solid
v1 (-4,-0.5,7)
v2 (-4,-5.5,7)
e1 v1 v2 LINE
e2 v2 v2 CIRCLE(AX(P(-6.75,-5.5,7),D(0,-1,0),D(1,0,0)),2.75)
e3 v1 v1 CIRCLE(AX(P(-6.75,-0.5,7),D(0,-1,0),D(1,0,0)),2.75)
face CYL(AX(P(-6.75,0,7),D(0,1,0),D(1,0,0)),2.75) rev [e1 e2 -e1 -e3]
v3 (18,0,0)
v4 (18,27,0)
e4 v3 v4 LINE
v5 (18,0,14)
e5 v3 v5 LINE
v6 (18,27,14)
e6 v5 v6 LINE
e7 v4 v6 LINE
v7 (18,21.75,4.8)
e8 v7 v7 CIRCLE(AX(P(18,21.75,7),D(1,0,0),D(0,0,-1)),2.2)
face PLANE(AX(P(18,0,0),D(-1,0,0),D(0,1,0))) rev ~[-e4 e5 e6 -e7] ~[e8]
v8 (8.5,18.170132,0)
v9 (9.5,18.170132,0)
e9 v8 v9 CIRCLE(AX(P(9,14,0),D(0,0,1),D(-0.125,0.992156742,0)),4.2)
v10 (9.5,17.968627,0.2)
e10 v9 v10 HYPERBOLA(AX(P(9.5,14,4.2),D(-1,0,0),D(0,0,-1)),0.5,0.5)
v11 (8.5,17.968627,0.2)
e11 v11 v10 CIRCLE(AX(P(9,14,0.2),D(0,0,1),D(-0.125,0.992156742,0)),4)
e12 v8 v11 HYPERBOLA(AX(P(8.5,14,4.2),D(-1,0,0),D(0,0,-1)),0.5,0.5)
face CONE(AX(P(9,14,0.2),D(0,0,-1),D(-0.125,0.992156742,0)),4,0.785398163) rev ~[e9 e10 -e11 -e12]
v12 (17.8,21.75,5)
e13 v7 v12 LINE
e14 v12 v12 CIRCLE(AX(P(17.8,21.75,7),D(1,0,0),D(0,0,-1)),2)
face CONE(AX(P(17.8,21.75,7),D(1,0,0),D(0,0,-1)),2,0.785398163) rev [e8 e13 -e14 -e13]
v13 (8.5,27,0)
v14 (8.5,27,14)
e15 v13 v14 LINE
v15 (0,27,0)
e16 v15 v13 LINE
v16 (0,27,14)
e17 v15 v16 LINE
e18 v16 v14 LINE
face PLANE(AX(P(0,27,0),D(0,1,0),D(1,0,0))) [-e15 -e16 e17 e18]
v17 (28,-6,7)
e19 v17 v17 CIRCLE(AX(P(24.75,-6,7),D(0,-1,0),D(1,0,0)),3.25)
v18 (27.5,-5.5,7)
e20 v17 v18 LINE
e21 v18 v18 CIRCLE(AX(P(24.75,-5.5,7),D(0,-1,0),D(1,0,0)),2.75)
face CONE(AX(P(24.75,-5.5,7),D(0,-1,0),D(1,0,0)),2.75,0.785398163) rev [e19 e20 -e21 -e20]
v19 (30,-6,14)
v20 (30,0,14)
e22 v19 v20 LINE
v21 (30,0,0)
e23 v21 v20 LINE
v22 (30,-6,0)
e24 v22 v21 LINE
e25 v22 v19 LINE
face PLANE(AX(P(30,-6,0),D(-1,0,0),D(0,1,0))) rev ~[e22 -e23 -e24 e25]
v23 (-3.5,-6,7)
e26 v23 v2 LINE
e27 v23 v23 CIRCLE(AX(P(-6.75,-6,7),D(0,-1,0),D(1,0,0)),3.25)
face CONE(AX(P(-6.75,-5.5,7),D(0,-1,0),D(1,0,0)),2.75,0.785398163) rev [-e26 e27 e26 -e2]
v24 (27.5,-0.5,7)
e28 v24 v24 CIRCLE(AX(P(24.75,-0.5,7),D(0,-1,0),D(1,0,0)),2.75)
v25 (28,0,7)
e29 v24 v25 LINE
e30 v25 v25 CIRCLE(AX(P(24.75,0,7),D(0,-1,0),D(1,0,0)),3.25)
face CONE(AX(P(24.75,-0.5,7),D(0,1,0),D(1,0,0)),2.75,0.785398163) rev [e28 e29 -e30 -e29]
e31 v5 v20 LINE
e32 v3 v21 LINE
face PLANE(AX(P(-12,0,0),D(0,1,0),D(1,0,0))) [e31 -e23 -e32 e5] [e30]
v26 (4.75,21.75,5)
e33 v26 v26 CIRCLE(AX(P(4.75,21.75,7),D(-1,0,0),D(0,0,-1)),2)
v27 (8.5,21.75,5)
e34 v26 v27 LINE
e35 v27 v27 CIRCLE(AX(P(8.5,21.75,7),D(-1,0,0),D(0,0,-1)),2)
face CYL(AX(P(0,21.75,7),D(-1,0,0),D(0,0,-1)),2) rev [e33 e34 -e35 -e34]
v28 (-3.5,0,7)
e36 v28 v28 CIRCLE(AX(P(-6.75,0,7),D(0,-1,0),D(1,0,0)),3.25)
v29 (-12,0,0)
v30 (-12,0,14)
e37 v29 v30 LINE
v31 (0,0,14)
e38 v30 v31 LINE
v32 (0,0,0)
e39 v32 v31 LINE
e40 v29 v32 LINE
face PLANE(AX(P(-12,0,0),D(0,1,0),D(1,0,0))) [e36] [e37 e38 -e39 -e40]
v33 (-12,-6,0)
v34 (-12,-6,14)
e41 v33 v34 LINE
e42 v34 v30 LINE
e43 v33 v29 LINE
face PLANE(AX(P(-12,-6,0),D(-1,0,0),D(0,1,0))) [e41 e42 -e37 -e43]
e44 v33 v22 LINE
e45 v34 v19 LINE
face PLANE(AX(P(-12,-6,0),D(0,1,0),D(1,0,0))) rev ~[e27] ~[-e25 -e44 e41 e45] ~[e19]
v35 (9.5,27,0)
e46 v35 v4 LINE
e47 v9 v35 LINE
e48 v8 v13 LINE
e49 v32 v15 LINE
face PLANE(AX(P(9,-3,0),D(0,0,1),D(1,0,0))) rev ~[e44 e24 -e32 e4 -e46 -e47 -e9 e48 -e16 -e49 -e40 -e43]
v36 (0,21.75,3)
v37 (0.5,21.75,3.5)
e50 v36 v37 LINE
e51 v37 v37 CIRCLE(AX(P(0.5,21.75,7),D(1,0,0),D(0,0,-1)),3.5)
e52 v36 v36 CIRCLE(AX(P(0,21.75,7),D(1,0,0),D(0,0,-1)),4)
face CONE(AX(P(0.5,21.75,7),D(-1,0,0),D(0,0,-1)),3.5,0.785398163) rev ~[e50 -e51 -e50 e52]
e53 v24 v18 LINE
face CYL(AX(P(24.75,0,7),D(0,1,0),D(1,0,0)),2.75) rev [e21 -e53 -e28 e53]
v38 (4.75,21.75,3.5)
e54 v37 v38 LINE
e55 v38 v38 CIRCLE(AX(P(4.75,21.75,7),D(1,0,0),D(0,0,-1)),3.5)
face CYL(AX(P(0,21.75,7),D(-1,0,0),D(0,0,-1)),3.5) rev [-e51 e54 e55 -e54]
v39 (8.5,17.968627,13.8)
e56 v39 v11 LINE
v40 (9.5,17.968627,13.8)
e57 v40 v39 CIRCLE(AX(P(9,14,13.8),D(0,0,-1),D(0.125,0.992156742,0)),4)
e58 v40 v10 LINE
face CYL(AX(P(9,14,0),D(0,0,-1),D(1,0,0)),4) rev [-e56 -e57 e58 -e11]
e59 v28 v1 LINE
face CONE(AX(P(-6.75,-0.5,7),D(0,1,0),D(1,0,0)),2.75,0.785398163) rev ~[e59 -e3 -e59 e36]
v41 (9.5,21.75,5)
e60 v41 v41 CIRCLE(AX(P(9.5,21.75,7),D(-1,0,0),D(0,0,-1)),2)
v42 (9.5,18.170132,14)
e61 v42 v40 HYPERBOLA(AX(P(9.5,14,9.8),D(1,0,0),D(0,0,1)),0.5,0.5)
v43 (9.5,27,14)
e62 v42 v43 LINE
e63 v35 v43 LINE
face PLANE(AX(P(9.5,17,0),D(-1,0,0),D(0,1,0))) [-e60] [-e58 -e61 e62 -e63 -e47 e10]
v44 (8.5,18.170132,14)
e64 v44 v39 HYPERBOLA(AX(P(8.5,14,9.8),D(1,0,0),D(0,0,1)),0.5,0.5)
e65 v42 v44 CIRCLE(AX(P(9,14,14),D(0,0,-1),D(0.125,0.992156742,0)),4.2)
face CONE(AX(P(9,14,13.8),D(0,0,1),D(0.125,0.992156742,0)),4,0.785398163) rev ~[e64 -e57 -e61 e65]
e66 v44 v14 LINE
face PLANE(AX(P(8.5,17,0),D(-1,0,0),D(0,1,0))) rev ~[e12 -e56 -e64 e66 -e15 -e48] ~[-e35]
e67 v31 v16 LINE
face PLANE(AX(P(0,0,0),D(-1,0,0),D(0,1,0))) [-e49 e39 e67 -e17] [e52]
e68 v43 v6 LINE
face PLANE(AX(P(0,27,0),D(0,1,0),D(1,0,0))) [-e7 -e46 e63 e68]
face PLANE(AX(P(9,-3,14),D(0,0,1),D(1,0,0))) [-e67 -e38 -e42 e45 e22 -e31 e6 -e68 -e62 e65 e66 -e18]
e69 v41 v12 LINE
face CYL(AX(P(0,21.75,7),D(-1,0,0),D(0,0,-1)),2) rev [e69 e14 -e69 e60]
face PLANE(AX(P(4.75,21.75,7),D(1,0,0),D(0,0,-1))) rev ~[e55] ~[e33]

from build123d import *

# Parameters (mm, degrees)
CYLINDER036_R      = 3.5
CYLINDER036_DEPTH  = 4.75
CYLINDER035_R      = 2
CYLINDER035_DEPTH  = 18
CYLINDER033_R      = 4
CYLINDER033_DEPTH  = 14
BOX012_W           = 1
BOX012_H           = 10
BOX012_DEPTH       = 14
CYLINDER034_R      = 2.75
CYLINDER034_DEPTH  = 6
CYLINDER032_R      = 2.75
CYLINDER032_DEPTH  = 6
BOX011_W           = 42
BOX011_H           = 6
BOX011_DEPTH       = 14
BOX013_W           = 18
BOX013_H           = 27
BOX013_DEPTH       = 14
CHAMFER001005_SIZE = 0.5
CHAMFER001003_SIZE = 0.2


with BuildPart() as cylinder036:
    # Cylinder036 → Cylinder036 (new body)
    with BuildSketch(Plane(origin=(0, 21.75, 7), x_dir=(0, 0, -1), z_dir=(1, 0, 0))):
        Circle(CYLINDER036_R)
    extrude(amount=CYLINDER036_DEPTH)


with BuildPart() as cylinder035:
    # Cylinder035 → Cylinder035 (new body)
    with BuildSketch(Plane(origin=(0, 21.75, 7), x_dir=(0, 0, -1), z_dir=(1, 0, 0))):
        Circle(CYLINDER035_R)
    extrude(amount=CYLINDER035_DEPTH)


with BuildPart() as cylinder033:
    # Cylinder033 → Cylinder033 (new body)
    with BuildSketch(Plane(origin=(9, 14, 0), x_dir=(1, 0, 0), z_dir=(0, 0, 1))):
        Circle(CYLINDER033_R)
    extrude(amount=CYLINDER033_DEPTH)


with BuildPart() as cube007:
    # Box012 → Box012 (new body)
    with BuildSketch(Plane(origin=(8.5, 17, 0), x_dir=(1, 0, 0), z_dir=(0, 0, 1))):
        with Locations((0.5, 5)):
            Rectangle(BOX012_W, BOX012_H)
    extrude(amount=BOX012_DEPTH)


with BuildPart() as cylinder034:
    # Cylinder034 → Cylinder034 (new body)
    with BuildSketch(Plane(origin=(24.75, 0, 7), x_dir=(1, 0, 0), z_dir=(0, -1, 0))):
        Circle(CYLINDER034_R)
    extrude(amount=CYLINDER034_DEPTH)


with BuildPart() as cylinder032:
    # Cylinder032 → Cylinder032 (new body)
    with BuildSketch(Plane(origin=(-6.75, 0, 7), x_dir=(1, 0, 0), z_dir=(0, -1, 0))):
        Circle(CYLINDER032_R)
    extrude(amount=CYLINDER032_DEPTH)


with BuildPart() as cube006:
    # Box011 → Box011 (new body)
    with BuildSketch(Plane(origin=(-12, -6, 0), x_dir=(1, 0, 0), z_dir=(0, 0, 1))):
        with Locations((21, 3)):
            Rectangle(BOX011_W, BOX011_H)
    extrude(amount=BOX011_DEPTH)


with BuildPart() as chamfer001003:
    # Box013 → Box013 (new body)
    with BuildSketch(Plane.XY):
        with Locations((9, 13.5)):
            Rectangle(BOX013_W, BOX013_H)
    extrude(amount=BOX013_DEPTH)

    # Fusion007005: union Cube006
    add(cube006.part)

    # Cut002021: cut Cylinder032
    add(cylinder032.part, mode=Mode.SUBTRACT)

    # Cut002017: cut Cylinder034
    add(cylinder034.part, mode=Mode.SUBTRACT)

    # Cut002022: cut Cube007
    add(cube007.part, mode=Mode.SUBTRACT)

    # Cut002018: cut Cylinder033
    add(cylinder033.part, mode=Mode.SUBTRACT)

    # Cut002019: cut Cylinder035
    add(cylinder035.part, mode=Mode.SUBTRACT)

    # Cut002020: cut Cylinder036
    add(cylinder036.part, mode=Mode.SUBTRACT)

    # Chamfer001005
    chamfer001005_edges = [chamfer001003.edges().sort_by_distance(p)[0] for p in [
        (0, 21.75, 10.5),
        (-9.5, 0, 7),
        (22, 0, 7),
        (-9.5, -6, 7),
        (22, -6, 7),
    ]]
    chamfer(chamfer001005_edges, length=CHAMFER001005_SIZE)

    # Chamfer001003
    chamfer001003_edges = [chamfer001003.edges().sort_by_distance(p)[0] for p in [
        (6.354249, 11, 14),
        (12, 16.645751, 14),
        (6.354249, 11, 0),
        (12, 16.645751, 0),
        (18, 21.75, 9),
    ]]
    chamfer(chamfer001003_edges, length=CHAMFER001003_SIZE)


solid = chamfer001003.part
